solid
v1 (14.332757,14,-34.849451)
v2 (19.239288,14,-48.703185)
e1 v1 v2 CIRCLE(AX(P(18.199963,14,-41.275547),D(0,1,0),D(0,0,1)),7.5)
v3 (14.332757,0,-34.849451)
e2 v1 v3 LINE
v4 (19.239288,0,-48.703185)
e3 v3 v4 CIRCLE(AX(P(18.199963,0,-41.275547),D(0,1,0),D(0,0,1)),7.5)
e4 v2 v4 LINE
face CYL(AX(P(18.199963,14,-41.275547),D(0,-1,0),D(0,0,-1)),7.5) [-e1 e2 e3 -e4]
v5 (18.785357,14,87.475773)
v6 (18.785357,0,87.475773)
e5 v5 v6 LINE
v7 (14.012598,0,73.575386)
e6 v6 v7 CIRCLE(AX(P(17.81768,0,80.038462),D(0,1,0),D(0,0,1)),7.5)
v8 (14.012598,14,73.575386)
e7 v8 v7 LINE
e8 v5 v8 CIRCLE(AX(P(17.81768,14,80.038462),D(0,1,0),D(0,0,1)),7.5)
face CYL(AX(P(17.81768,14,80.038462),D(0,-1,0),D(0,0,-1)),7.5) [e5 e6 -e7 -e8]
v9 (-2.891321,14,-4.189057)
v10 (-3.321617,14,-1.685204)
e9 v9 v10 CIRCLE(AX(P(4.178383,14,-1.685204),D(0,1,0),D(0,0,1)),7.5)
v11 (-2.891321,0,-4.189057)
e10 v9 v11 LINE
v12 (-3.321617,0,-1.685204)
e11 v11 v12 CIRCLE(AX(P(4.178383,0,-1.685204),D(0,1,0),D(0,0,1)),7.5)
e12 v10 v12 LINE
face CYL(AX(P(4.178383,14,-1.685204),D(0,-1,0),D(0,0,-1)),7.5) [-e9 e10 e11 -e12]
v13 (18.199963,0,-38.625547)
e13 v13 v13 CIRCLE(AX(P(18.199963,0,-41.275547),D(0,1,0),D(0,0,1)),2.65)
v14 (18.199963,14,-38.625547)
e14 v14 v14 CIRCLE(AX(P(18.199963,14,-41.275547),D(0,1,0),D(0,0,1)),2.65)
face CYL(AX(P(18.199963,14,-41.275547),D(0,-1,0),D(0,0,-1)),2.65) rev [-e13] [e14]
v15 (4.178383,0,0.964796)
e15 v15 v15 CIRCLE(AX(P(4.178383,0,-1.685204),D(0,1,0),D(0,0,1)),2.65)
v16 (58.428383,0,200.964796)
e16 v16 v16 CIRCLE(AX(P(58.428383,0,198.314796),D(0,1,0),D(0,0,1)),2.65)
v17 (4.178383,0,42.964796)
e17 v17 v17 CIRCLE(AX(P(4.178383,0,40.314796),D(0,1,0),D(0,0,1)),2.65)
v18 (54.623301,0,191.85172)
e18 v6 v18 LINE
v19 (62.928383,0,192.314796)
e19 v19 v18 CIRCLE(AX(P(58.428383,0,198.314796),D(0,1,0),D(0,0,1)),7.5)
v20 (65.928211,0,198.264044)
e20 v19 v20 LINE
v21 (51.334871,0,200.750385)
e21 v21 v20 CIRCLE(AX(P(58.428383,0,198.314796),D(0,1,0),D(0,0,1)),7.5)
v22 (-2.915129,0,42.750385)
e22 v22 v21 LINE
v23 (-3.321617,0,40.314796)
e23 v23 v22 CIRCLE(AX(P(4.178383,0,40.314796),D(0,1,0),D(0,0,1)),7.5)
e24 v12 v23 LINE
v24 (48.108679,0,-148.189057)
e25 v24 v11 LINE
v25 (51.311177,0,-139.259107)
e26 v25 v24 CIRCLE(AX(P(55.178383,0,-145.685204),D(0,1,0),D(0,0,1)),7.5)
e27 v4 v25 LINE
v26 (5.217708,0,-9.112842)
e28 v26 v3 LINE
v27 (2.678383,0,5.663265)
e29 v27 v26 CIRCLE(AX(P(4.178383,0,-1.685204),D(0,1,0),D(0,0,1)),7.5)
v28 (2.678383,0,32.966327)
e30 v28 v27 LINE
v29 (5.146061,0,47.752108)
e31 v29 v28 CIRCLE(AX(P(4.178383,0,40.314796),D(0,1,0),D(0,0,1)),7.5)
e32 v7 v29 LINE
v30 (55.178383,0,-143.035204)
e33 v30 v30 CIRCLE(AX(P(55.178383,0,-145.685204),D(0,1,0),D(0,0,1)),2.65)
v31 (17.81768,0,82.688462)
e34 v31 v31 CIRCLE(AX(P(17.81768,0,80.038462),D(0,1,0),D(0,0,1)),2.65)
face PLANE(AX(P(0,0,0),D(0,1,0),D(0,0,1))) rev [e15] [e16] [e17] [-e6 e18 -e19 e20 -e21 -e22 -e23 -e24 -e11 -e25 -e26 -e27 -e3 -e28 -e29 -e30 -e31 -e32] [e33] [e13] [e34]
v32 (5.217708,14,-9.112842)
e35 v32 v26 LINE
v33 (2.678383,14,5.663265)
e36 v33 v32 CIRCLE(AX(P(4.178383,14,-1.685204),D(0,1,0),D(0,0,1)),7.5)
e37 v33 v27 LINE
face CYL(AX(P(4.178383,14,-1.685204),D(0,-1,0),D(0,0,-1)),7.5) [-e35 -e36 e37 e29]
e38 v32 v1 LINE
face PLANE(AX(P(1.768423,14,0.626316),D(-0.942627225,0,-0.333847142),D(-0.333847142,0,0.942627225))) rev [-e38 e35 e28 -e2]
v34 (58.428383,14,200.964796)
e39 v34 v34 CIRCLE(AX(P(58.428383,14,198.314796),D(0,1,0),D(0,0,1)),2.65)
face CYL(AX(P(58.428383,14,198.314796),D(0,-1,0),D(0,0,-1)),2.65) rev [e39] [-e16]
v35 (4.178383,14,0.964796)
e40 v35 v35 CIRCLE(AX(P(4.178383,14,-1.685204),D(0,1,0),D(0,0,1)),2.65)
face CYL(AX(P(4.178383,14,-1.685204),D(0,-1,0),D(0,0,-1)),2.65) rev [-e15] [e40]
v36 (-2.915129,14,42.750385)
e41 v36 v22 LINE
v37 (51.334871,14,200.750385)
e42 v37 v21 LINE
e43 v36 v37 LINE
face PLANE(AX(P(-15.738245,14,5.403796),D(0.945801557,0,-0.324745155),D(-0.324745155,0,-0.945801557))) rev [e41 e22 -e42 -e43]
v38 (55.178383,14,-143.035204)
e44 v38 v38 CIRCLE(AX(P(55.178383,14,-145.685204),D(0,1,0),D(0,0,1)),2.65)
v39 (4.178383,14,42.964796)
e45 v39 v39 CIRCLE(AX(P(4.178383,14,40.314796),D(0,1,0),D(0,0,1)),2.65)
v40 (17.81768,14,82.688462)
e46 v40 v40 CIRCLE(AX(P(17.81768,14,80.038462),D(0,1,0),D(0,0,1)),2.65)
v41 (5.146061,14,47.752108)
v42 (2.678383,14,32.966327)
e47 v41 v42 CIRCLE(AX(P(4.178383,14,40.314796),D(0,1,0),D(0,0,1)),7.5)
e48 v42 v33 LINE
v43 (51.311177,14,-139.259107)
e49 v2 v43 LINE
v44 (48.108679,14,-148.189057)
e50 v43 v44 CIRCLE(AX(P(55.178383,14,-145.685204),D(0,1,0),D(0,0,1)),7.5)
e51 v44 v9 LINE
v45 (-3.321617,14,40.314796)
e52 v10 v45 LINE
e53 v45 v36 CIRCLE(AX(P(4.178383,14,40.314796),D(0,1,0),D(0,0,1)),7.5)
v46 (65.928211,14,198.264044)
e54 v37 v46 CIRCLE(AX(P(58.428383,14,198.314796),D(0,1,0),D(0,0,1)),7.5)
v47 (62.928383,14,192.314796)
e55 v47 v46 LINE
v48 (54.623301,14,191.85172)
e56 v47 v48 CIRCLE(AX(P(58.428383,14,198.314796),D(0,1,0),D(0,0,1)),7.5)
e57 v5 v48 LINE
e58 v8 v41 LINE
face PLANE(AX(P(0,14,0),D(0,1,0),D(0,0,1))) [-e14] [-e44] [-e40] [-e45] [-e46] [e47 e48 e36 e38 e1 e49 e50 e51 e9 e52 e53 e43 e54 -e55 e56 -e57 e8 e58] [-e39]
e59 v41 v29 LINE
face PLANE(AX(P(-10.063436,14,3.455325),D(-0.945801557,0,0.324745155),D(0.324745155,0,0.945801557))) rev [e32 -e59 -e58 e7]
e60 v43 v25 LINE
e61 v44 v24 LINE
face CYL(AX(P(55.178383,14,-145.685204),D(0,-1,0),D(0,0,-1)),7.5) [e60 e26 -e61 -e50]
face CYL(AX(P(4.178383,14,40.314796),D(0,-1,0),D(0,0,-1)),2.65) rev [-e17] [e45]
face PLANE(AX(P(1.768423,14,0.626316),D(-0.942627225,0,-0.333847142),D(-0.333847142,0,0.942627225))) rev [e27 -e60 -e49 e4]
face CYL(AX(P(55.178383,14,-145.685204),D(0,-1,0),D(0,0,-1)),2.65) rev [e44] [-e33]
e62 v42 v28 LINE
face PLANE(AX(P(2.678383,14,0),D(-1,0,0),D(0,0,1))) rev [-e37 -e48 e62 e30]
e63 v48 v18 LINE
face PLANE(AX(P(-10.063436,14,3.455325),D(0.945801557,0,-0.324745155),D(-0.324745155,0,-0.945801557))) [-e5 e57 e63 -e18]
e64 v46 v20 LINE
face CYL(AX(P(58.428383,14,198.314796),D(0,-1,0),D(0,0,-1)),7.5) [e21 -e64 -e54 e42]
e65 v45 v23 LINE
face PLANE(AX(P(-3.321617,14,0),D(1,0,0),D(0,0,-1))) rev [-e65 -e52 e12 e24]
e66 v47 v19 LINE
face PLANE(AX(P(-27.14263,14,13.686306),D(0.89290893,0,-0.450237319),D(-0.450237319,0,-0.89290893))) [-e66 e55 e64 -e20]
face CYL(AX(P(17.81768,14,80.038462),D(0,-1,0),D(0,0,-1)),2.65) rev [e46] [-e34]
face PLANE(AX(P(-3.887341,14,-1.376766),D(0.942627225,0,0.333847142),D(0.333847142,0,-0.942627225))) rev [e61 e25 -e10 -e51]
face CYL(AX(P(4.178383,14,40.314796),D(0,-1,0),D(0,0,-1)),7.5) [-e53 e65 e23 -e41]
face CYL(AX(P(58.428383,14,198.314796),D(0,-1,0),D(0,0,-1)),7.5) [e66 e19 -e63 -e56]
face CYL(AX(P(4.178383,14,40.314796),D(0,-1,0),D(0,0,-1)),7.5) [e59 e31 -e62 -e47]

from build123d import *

# Parameters (mm, degrees)
SKETCH1_R           = 2.65
SKETCH1_R_2         = 7.5
BOSS_EXTRUDE2_DEPTH = 14


with BuildPart() as part:
    # Sketch1 → Boss-Extrude2 (new body)
    # profile 1 of 17: a face of its own
    with BuildSketch(Plane(origin=(0, 0, 0), x_dir=(1, 0, 0), z_dir=(0, 1, 0))):
        with BuildLine():
            ThreePointArc((54.623301063, -191.851720312), (51.393371136, -195.715064378), (51.3348715, -200.750384875))
            ThreePointArc((51.3348715, -200.750384875), (59.663021267, -205.712476174), (65.928383174, -198.314796214))
            ThreePointArc((65.928383174, -198.314796214), (65.928340244, -198.289420057), (65.928211455, -198.26404419))
            Line((65.928211455, -198.26404419), (62.928383174, -192.314796214))
            ThreePointArc((62.928383174, -192.314796214), (58.845920647, -190.826427737), (54.623301063, -191.851720312))
        make_face()
        with Locations(Location((58.428383174, -198.314796214, 0), (0, 0, 270))):
            Circle(SKETCH1_R, mode=Mode.SUBTRACT)
    # profile 2 of 17: a face of its own
    with BuildSketch(Plane(origin=(0, 0, 0), x_dir=(1, 0, 0), z_dir=(0, 1, 0))):
        with BuildLine():
            ThreePointArc((18.785357114, -87.475772959), (13.863470513, -86.411391053), (10.724167872, -82.474049884))
            Line((10.724167872, -82.474049884), (51.3348715, -200.750384875))
            ThreePointArc((51.3348715, -200.750384875), (51.393371136, -195.715064378), (54.623301063, -191.851720312))
            Line((54.623301063, -191.851720312), (18.785357114, -87.475772959))
        make_face()
    # profile 3 of 17: a face of its own
    with BuildSketch(Plane(origin=(0, 0, 0), x_dir=(1, 0, 0), z_dir=(0, 1, 0))):
        with BuildLine():
            ThreePointArc((14.012597561, -73.575385689), (10.782667702, -77.438729573), (10.724167872, -82.474049884))
            ThreePointArc((10.724167872, -82.474049884), (13.863470513, -86.411391053), (18.785357114, -87.475772959))
            Line((18.785357114, -87.475772959), (17.1084173, -82.591782349))
            ThreePointArc((17.1084173, -82.591782349), (15.311305548, -80.899036252), (15.689537375, -78.459376299))
            Line((15.689537375, -78.459376299), (14.012597561, -73.575385689))
        make_face()
    # profile 4 of 17: a face of its own
    with BuildSketch(Plane(origin=(0, 0, 0), x_dir=(1, 0, 0), z_dir=(0, 1, 0))):
        with BuildLine():
            ThreePointArc((25.317679673, -80.038461592), (21.540036733, -73.527389644), (14.012597561, -73.575385689))
            Line((14.012597561, -73.575385689), (15.689537375, -78.459376299))
            ThreePointArc((15.689537375, -78.459376299), (18.649221287, -77.522306083), (20.467679673, -80.038461592))
            ThreePointArc((20.467679673, -80.038461592), (19.421262336, -82.148206279), (17.1084173, -82.591782349))
            Line((17.1084173, -82.591782349), (18.785357114, -87.475772959))
            ThreePointArc((18.785357114, -87.475772959), (23.452729842, -84.987826157), (25.317679673, -80.038461592))
        make_face()
    # profile 5 of 17: a face of its own
    with BuildSketch(Plane(origin=(0, 0, 0), x_dir=(1, 0, 0), z_dir=(0, 1, 0))):
        with BuildLine():
            ThreePointArc((14.012597561, -73.575385689), (10.782667702, -77.438729573), (10.724167872, -82.474049884))
            ThreePointArc((10.724167872, -82.474049884), (13.863470513, -86.411391053), (18.785357114, -87.475772959))
            Line((18.785357114, -87.475772959), (17.1084173, -82.591782349))
            ThreePointArc((17.1084173, -82.591782349), (15.311305548, -80.899036252), (15.689537375, -78.459376299))
            Line((15.689537375, -78.459376299), (14.012597561, -73.575385689))
        make_face()
    # profile 6 of 17: a face of its own
    with BuildSketch(Plane(origin=(0, 0, 0), x_dir=(1, 0, 0), z_dir=(0, 1, 0))):
        with BuildLine():
            ThreePointArc((25.317679673, -80.038461592), (21.540036733, -73.527389644), (14.012597561, -73.575385689))
            Line((14.012597561, -73.575385689), (15.689537375, -78.459376299))
            ThreePointArc((15.689537375, -78.459376299), (18.649221287, -77.522306083), (20.467679673, -80.038461592))
            ThreePointArc((20.467679673, -80.038461592), (19.421262336, -82.148206279), (17.1084173, -82.591782349))
            Line((17.1084173, -82.591782349), (18.785357114, -87.475772959))
            ThreePointArc((18.785357114, -87.475772959), (23.452729842, -84.987826157), (25.317679673, -80.038461592))
        make_face()
    # profile 7 of 17: a face of its own
    with BuildSketch(Plane(origin=(0, 0, 0), x_dir=(1, 0, 0), z_dir=(0, 1, 0))):
        with BuildLine():
            ThreePointArc((5.146060616, -47.752107581), (0.22417418, -46.687725778), (-2.9151285, -42.750384875))
            Line((-2.9151285, -42.750384875), (10.724167872, -82.474049884))
            ThreePointArc((10.724167872, -82.474049884), (10.782667702, -77.438729573), (14.012597561, -73.575385689))
            Line((14.012597561, -73.575385689), (5.146060616, -47.752107581))
        make_face()
    # profile 8 of 17: a face of its own
    with BuildSketch(Plane(origin=(0, 0, 0), x_dir=(1, 0, 0), z_dir=(0, 1, 0))):
        with Locations((4.178383174, -40.314796214)):
            Circle(SKETCH1_R_2)
        with Locations(Location((4.178383174, -40.314796214, 0), (0, 0, 270))):
            Circle(SKETCH1_R, mode=Mode.SUBTRACT)
    # profile 9 of 17: a face of its own
    with BuildSketch(Plane(origin=(0, 0, 0), x_dir=(1, 0, 0), z_dir=(0, 1, 0))):
        with BuildLine():
            ThreePointArc((2.678383174, -5.663265443), (-1.631091845, -3.058212705), (-3.321616826, 1.685203786))
            Line((-3.321616826, 1.685203786), (-3.321616826, -40.314796214))
            ThreePointArc((-3.321616826, -40.314796214), (-1.631091845, -35.571379724), (2.678383174, -32.966326986))
            Line((2.678383174, -32.966326986), (2.678383174, -5.663265443))
        make_face()
    # profile 10 of 17: a face of its own
    with BuildSketch(Plane(origin=(0, 0, 0), x_dir=(1, 0, 0), z_dir=(0, 1, 0))):
        with Locations((4.178383174, 1.685203786)):
            Circle(SKETCH1_R_2)
        with Locations(Location((4.178383174, 1.685203786, 0), (0, 0, 270))):
            Circle(SKETCH1_R, mode=Mode.SUBTRACT)
    # profile 11 of 17: a face of its own
    with BuildSketch(Plane(origin=(0, 0, 0), x_dir=(1, 0, 0), z_dir=(0, 1, 0))):
        with BuildLine():
            ThreePointArc((14.332756859, 34.849450798), (11.140217836, 38.743750227), (11.130258872, 43.77940056))
            Line((11.130258872, 43.77940056), (-2.891321014, 4.189057352))
            ThreePointArc((-2.891321014, 4.189057352), (0.285789897, 8.095953943), (5.217707788, 9.112841657))
            Line((5.217707788, 9.112841657), (14.332756859, 34.849450798))
        make_face()
    # profile 12 of 17: a face of its own
    with BuildSketch(Plane(origin=(0, 0, 0), x_dir=(1, 0, 0), z_dir=(0, 1, 0))):
        with BuildLine():
            ThreePointArc((19.239287763, 48.703185114), (14.307369759, 47.686297331), (11.130258872, 43.77940056))
            ThreePointArc((11.130258872, 43.77940056), (11.140217836, 38.743750227), (14.332756859, 34.849450798))
            Line((14.332756859, 34.849450798), (16.056698099, 39.717049592))
            ThreePointArc((16.056698099, 39.717049592), (15.702001002, 42.160242169), (17.515346523, 43.835586319))
            Line((17.515346523, 43.835586319), (19.239287763, 48.703185114))
        make_face()
    # profile 13 of 17: a face of its own
    with BuildSketch(Plane(origin=(0, 0, 0), x_dir=(1, 0, 0), z_dir=(0, 1, 0))):
        with BuildLine():
            ThreePointArc((25.699963149, 41.275547242), (23.858802898, 46.197694406), (19.239287763, 48.703185114))
            Line((19.239287763, 48.703185114), (17.515346523, 43.835586319))
            ThreePointArc((17.515346523, 43.835586319), (19.813695769, 43.377538448), (20.849963149, 41.275547242))
            ThreePointArc((20.849963149, 41.275547242), (19.019367694, 38.755413081), (16.056698099, 39.717049592))
            Line((16.056698099, 39.717049592), (14.332756859, 34.849450798))
            ThreePointArc((14.332756859, 34.849450798), (21.890894795, 34.746609841), (25.699963149, 41.275547242))
        make_face()
    # profile 14 of 17: a face of its own
    with BuildSketch(Plane(origin=(0, 0, 0), x_dir=(1, 0, 0), z_dir=(0, 1, 0))):
        with BuildLine():
            ThreePointArc((19.239287763, 48.703185114), (14.307369759, 47.686297331), (11.130258872, 43.77940056))
            ThreePointArc((11.130258872, 43.77940056), (11.140217836, 38.743750227), (14.332756859, 34.849450798))
            Line((14.332756859, 34.849450798), (16.056698099, 39.717049592))
            ThreePointArc((16.056698099, 39.717049592), (15.702001002, 42.160242169), (17.515346523, 43.835586319))
            Line((17.515346523, 43.835586319), (19.239287763, 48.703185114))
        make_face()
    # profile 15 of 17: a face of its own
    with BuildSketch(Plane(origin=(0, 0, 0), x_dir=(1, 0, 0), z_dir=(0, 1, 0))):
        with BuildLine():
            ThreePointArc((25.699963149, 41.275547242), (23.858802898, 46.197694406), (19.239287763, 48.703185114))
            Line((19.239287763, 48.703185114), (17.515346523, 43.835586319))
            ThreePointArc((17.515346523, 43.835586319), (19.813695769, 43.377538448), (20.849963149, 41.275547242))
            ThreePointArc((20.849963149, 41.275547242), (19.019367694, 38.755413081), (16.056698099, 39.717049592))
            Line((16.056698099, 39.717049592), (14.332756859, 34.849450798))
            ThreePointArc((14.332756859, 34.849450798), (21.890894795, 34.746609841), (25.699963149, 41.275547242))
        make_face()
    # profile 16 of 17: a face of its own
    with BuildSketch(Plane(origin=(0, 0, 0), x_dir=(1, 0, 0), z_dir=(0, 1, 0))):
        with BuildLine():
            ThreePointArc((51.311176885, 139.259107341), (48.118637818, 143.153406895), (48.108678986, 148.189057352))
            Line((48.108678986, 148.189057352), (11.130258872, 43.77940056))
            ThreePointArc((11.130258872, 43.77940056), (14.307369759, 47.686297331), (19.239287763, 48.703185114))
            Line((19.239287763, 48.703185114), (51.311176885, 139.259107341))
        make_face()
    # profile 17 of 17: a face of its own
    with BuildSketch(Plane(origin=(0, 0, 0), x_dir=(1, 0, 0), z_dir=(0, 1, 0))):
        with Locations((55.178383174, 145.685203786)):
            Circle(SKETCH1_R_2)
        with Locations(Location((55.178383174, 145.685203786, 0), (0, 0, 270))):
            Circle(SKETCH1_R, mode=Mode.SUBTRACT)
    extrude(amount=BOSS_EXTRUDE2_DEPTH)


solid = part.part
